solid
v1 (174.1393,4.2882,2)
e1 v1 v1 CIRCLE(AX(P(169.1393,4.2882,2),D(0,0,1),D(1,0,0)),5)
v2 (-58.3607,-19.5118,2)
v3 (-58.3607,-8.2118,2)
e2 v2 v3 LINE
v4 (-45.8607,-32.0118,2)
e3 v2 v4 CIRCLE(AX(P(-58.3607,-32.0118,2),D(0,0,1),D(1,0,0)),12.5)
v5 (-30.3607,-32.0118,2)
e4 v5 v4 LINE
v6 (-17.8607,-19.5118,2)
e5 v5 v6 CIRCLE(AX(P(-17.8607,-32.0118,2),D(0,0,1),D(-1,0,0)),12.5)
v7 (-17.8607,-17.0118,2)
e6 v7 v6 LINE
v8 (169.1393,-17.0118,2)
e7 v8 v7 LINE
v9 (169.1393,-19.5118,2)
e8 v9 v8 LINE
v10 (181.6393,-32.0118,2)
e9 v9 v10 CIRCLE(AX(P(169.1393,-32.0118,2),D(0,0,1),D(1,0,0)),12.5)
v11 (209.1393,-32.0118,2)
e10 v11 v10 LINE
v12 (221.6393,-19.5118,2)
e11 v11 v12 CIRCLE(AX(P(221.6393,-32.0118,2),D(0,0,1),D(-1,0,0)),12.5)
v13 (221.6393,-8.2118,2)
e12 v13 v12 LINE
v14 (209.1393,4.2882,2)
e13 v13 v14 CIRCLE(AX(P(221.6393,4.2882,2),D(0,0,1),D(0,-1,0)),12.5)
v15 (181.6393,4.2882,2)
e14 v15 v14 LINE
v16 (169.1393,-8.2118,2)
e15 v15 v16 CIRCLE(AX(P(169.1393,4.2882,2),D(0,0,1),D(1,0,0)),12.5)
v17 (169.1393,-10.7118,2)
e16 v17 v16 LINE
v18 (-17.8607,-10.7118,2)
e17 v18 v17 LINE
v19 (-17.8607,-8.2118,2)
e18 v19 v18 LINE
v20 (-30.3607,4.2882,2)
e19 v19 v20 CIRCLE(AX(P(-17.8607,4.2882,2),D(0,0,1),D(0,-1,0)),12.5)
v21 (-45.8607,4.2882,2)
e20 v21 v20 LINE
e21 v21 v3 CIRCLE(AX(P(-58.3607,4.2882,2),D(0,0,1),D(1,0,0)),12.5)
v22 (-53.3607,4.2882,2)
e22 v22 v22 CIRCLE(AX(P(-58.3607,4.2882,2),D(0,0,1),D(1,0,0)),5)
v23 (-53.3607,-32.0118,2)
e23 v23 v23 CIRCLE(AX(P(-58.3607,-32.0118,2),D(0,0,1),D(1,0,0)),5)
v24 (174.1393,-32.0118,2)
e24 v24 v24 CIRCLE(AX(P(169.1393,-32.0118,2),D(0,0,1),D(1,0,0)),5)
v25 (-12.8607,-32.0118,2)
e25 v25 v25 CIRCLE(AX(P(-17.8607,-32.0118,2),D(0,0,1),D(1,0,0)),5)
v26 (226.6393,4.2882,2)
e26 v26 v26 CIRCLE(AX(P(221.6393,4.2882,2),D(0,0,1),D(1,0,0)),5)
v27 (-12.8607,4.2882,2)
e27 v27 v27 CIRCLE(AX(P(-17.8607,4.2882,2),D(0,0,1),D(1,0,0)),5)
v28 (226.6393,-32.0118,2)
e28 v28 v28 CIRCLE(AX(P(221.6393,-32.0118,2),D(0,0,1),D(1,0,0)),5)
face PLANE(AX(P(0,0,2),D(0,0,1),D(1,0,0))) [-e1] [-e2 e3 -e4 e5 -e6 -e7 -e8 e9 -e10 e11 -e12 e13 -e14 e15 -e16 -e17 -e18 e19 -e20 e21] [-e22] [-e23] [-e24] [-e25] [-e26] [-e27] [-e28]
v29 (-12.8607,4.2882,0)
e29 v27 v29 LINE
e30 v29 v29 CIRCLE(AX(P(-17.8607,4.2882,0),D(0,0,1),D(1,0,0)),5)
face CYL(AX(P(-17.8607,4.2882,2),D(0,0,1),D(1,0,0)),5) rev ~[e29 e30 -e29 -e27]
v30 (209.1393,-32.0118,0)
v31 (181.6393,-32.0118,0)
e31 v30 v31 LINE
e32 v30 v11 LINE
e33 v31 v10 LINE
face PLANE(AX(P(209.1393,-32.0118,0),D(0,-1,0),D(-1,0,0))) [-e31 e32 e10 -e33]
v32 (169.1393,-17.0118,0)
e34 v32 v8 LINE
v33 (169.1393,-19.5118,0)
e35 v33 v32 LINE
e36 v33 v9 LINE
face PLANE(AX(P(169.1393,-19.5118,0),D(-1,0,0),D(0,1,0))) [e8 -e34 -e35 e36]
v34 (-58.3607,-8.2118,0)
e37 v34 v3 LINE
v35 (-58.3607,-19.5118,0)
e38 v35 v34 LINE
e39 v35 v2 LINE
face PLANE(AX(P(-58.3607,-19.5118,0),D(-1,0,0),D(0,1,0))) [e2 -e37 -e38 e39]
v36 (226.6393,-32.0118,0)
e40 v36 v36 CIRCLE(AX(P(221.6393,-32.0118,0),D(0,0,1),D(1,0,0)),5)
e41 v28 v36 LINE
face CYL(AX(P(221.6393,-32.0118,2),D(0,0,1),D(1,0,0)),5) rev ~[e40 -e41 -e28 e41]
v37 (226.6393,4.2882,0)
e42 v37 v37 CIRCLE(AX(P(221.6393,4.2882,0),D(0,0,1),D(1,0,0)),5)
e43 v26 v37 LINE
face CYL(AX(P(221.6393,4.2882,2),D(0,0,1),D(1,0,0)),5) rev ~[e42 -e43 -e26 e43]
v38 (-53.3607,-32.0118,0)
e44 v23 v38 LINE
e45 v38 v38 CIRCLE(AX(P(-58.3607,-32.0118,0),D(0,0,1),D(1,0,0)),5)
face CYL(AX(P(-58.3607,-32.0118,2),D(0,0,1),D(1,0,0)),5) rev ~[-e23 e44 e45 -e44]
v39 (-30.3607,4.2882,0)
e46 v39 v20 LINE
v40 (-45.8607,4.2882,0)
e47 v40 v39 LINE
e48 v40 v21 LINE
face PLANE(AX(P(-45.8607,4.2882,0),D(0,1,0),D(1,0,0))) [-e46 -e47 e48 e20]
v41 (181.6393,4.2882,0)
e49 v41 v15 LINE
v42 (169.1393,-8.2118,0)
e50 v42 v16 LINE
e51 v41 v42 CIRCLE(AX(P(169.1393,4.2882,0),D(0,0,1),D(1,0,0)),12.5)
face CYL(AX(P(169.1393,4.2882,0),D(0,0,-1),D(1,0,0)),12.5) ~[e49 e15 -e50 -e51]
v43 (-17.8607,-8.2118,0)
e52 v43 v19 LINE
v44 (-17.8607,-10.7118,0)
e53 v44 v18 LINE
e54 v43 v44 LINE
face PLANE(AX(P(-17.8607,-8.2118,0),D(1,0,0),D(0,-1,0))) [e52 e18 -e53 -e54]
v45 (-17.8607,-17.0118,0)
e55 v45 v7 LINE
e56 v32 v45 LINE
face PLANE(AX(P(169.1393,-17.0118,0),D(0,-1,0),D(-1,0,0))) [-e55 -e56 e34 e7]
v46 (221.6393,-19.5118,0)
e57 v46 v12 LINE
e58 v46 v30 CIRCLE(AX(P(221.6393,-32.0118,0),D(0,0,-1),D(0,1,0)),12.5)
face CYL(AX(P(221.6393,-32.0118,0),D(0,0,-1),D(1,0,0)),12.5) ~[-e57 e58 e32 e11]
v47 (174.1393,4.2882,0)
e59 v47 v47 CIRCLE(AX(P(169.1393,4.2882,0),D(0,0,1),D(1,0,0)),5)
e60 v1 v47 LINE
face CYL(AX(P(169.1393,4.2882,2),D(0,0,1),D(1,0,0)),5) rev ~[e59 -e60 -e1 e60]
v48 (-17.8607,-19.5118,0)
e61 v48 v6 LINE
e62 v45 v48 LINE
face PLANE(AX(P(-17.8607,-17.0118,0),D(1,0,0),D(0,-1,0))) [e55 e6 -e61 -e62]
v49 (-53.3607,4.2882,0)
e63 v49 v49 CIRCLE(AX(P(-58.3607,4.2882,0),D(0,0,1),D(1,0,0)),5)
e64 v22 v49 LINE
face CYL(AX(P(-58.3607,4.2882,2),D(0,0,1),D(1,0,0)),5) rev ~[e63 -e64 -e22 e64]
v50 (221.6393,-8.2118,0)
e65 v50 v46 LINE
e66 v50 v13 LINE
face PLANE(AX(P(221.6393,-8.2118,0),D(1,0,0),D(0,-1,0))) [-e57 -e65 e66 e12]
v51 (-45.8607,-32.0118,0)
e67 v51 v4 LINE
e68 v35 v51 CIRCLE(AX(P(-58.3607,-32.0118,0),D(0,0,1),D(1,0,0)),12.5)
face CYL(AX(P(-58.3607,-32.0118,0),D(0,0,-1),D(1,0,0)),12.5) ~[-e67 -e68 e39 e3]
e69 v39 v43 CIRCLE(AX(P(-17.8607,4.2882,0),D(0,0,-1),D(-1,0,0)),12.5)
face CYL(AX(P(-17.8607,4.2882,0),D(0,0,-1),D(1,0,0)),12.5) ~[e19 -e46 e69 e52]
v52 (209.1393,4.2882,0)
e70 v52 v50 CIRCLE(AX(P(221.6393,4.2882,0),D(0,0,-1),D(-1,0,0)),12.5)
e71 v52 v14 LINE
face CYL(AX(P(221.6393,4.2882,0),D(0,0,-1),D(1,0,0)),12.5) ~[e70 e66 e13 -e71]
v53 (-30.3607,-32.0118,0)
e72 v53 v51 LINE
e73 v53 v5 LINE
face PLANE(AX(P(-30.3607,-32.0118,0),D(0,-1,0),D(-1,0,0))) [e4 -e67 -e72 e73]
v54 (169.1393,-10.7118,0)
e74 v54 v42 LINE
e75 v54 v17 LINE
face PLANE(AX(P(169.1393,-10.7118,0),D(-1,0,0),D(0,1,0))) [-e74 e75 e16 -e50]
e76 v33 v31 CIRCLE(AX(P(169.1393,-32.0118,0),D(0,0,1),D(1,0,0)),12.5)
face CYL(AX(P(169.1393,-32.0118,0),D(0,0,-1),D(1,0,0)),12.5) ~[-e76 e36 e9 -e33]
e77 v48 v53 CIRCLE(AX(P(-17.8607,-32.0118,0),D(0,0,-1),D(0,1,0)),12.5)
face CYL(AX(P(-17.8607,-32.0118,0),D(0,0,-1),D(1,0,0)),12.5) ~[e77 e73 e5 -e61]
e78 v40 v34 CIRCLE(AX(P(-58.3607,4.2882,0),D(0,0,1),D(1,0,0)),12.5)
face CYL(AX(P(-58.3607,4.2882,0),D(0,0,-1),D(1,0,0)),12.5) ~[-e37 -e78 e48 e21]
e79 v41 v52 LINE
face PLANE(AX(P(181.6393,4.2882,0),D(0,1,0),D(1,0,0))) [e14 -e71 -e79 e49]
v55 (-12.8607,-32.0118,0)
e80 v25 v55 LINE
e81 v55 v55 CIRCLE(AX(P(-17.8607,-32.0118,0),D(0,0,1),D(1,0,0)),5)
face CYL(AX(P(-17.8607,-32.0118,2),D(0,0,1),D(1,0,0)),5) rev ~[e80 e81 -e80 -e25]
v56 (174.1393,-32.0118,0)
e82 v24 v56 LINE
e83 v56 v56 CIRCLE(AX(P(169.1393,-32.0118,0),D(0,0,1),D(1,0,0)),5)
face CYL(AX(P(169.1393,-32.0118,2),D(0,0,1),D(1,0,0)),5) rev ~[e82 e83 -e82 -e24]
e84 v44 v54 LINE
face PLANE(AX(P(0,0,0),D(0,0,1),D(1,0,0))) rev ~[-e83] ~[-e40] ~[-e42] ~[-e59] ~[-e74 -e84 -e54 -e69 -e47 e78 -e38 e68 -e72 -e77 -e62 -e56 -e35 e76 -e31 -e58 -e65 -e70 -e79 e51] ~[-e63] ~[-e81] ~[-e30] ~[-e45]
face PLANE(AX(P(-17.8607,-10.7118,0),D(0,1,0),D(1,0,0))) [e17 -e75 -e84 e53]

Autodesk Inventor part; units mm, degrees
ref_plane "YZ Plane" through (0, 0, 0) normal (1, 0, 0) x (0, 1, 0)
ref_plane "XZ Plane" through (0, 0, 0) normal (0, 1, 0) x (-1, 0, 0)
ref_plane "XY Plane" through (0, 0, 0) normal (0, 0, 1) x (1, 0, 0)
sketch "Sketch1" plane through (0, 0, 0) normal (0, 0, 1) x (1, 0, 0)
  line L0 (169.1393, 4.2882) -> (221.6393, 4.2882)
  line L1 (221.6393, 4.2882) -> (221.6393, -32.0118)
  line L2 (221.6393, -32.0118) -> (169.1393, -32.0118)
  line L3 (169.1393, -32.0118) -> (169.1393, 4.2882)
  line L4 (-58.3607, 4.2882) -> (-17.8607, 4.2882)
  line L5 (-17.8607, 4.2882) -> (-17.8607, -32.0118)
  line L6 (-17.8607, -32.0118) -> (-58.3607, -32.0118)
  line L7 (-58.3607, -32.0118) -> (-58.3607, 4.2882)
  circle A0 centre (-58.3607, 4.2882) radius 12.5
  circle A1 centre (-58.3607, -32.0118) radius 12.5
  circle A2 centre (-17.8607, -32.0118) radius 12.5
  circle A3 centre (-17.8607, 4.2882) radius 12.5
  circle A4 centre (169.1393, 4.2882) radius 12.5
  circle A5 centre (169.1393, -32.0118) radius 12.5
  circle A6 centre (221.6393, -32.0118) radius 12.5
  circle A7 centre (221.6393, 4.2882) radius 12.5
  line L8 (-34.8317, -10.7118) -> (176.5512, -10.7118)
  line L9 (176.5512, -10.7118) -> (176.5512, -17.0118)
  line L10 (176.5512, -17.0118) -> (-34.8317, -17.0118)
  line L11 (-34.8317, -17.0118) -> (-34.8317, -10.7118)
  dimension "d0" = 36.3
  dimension "d1" = 40.5
  dimension "d2" = 52.5
  dimension "d3" = 239.5
  dimension "d4" = 25
  dimension "d5" = 15
  dimension "d6" = 15
extrude "Extrusion1" add sketch "Sketch1" along normal blind 2
sketch "Sketch2" plane through (0, 0, 2) normal (0, 0, 1) x (1, 0, 0)
  circle A0 centre (-58.3607, 4.2882) radius 5
  circle A1 centre (-58.3607, -32.0118) radius 5
  circle A2 centre (-17.8607, -32.0118) radius 5
  circle A3 centre (-17.8607, 4.2882) radius 5
  circle A4 centre (169.1393, 4.2882) radius 5
  circle A5 centre (169.1393, -32.0118) radius 5
  circle A6 centre (221.6393, -32.0118) radius 5
  circle A7 centre (221.6393, 4.2882) radius 5
  arc A8 (-45.8607, 4.2882) -> (-58.3607, -8.2118) centre (-58.3607, 4.2882) ccw projected
  arc A9 (-17.8607, -8.2118) -> (-30.3607, 4.2882) centre (-17.8607, 4.2882) ccw projected
  arc A10 (-58.3607, -19.5118) -> (-45.8607, -32.0118) centre (-58.3607, -32.0118) ccw projected
  arc A11 (-30.3607, -32.0118) -> (-17.8607, -19.5118) centre (-17.8607, -32.0118) ccw projected
  arc A12 (169.1393, -19.5118) -> (181.6393, -32.0118) centre (169.1393, -32.0118) ccw projected
  arc A13 (181.6393, 4.2882) -> (169.1393, -8.2118) centre (169.1393, 4.2882) ccw projected
  arc A14 (221.6393, -8.2118) -> (209.1393, 4.2882) centre (221.6393, 4.2882) ccw projected
  arc A15 (209.1393, -32.0118) -> (221.6393, -19.5118) centre (221.6393, -32.0118) ccw projected
  point P0 (0, 0)
  dimension "d9" = 10
extrude "Extrusion2" cut sketch "Sketch2" against normal blind 2
equation "\"d6\" = d5"
properties part number "NerfMount"
